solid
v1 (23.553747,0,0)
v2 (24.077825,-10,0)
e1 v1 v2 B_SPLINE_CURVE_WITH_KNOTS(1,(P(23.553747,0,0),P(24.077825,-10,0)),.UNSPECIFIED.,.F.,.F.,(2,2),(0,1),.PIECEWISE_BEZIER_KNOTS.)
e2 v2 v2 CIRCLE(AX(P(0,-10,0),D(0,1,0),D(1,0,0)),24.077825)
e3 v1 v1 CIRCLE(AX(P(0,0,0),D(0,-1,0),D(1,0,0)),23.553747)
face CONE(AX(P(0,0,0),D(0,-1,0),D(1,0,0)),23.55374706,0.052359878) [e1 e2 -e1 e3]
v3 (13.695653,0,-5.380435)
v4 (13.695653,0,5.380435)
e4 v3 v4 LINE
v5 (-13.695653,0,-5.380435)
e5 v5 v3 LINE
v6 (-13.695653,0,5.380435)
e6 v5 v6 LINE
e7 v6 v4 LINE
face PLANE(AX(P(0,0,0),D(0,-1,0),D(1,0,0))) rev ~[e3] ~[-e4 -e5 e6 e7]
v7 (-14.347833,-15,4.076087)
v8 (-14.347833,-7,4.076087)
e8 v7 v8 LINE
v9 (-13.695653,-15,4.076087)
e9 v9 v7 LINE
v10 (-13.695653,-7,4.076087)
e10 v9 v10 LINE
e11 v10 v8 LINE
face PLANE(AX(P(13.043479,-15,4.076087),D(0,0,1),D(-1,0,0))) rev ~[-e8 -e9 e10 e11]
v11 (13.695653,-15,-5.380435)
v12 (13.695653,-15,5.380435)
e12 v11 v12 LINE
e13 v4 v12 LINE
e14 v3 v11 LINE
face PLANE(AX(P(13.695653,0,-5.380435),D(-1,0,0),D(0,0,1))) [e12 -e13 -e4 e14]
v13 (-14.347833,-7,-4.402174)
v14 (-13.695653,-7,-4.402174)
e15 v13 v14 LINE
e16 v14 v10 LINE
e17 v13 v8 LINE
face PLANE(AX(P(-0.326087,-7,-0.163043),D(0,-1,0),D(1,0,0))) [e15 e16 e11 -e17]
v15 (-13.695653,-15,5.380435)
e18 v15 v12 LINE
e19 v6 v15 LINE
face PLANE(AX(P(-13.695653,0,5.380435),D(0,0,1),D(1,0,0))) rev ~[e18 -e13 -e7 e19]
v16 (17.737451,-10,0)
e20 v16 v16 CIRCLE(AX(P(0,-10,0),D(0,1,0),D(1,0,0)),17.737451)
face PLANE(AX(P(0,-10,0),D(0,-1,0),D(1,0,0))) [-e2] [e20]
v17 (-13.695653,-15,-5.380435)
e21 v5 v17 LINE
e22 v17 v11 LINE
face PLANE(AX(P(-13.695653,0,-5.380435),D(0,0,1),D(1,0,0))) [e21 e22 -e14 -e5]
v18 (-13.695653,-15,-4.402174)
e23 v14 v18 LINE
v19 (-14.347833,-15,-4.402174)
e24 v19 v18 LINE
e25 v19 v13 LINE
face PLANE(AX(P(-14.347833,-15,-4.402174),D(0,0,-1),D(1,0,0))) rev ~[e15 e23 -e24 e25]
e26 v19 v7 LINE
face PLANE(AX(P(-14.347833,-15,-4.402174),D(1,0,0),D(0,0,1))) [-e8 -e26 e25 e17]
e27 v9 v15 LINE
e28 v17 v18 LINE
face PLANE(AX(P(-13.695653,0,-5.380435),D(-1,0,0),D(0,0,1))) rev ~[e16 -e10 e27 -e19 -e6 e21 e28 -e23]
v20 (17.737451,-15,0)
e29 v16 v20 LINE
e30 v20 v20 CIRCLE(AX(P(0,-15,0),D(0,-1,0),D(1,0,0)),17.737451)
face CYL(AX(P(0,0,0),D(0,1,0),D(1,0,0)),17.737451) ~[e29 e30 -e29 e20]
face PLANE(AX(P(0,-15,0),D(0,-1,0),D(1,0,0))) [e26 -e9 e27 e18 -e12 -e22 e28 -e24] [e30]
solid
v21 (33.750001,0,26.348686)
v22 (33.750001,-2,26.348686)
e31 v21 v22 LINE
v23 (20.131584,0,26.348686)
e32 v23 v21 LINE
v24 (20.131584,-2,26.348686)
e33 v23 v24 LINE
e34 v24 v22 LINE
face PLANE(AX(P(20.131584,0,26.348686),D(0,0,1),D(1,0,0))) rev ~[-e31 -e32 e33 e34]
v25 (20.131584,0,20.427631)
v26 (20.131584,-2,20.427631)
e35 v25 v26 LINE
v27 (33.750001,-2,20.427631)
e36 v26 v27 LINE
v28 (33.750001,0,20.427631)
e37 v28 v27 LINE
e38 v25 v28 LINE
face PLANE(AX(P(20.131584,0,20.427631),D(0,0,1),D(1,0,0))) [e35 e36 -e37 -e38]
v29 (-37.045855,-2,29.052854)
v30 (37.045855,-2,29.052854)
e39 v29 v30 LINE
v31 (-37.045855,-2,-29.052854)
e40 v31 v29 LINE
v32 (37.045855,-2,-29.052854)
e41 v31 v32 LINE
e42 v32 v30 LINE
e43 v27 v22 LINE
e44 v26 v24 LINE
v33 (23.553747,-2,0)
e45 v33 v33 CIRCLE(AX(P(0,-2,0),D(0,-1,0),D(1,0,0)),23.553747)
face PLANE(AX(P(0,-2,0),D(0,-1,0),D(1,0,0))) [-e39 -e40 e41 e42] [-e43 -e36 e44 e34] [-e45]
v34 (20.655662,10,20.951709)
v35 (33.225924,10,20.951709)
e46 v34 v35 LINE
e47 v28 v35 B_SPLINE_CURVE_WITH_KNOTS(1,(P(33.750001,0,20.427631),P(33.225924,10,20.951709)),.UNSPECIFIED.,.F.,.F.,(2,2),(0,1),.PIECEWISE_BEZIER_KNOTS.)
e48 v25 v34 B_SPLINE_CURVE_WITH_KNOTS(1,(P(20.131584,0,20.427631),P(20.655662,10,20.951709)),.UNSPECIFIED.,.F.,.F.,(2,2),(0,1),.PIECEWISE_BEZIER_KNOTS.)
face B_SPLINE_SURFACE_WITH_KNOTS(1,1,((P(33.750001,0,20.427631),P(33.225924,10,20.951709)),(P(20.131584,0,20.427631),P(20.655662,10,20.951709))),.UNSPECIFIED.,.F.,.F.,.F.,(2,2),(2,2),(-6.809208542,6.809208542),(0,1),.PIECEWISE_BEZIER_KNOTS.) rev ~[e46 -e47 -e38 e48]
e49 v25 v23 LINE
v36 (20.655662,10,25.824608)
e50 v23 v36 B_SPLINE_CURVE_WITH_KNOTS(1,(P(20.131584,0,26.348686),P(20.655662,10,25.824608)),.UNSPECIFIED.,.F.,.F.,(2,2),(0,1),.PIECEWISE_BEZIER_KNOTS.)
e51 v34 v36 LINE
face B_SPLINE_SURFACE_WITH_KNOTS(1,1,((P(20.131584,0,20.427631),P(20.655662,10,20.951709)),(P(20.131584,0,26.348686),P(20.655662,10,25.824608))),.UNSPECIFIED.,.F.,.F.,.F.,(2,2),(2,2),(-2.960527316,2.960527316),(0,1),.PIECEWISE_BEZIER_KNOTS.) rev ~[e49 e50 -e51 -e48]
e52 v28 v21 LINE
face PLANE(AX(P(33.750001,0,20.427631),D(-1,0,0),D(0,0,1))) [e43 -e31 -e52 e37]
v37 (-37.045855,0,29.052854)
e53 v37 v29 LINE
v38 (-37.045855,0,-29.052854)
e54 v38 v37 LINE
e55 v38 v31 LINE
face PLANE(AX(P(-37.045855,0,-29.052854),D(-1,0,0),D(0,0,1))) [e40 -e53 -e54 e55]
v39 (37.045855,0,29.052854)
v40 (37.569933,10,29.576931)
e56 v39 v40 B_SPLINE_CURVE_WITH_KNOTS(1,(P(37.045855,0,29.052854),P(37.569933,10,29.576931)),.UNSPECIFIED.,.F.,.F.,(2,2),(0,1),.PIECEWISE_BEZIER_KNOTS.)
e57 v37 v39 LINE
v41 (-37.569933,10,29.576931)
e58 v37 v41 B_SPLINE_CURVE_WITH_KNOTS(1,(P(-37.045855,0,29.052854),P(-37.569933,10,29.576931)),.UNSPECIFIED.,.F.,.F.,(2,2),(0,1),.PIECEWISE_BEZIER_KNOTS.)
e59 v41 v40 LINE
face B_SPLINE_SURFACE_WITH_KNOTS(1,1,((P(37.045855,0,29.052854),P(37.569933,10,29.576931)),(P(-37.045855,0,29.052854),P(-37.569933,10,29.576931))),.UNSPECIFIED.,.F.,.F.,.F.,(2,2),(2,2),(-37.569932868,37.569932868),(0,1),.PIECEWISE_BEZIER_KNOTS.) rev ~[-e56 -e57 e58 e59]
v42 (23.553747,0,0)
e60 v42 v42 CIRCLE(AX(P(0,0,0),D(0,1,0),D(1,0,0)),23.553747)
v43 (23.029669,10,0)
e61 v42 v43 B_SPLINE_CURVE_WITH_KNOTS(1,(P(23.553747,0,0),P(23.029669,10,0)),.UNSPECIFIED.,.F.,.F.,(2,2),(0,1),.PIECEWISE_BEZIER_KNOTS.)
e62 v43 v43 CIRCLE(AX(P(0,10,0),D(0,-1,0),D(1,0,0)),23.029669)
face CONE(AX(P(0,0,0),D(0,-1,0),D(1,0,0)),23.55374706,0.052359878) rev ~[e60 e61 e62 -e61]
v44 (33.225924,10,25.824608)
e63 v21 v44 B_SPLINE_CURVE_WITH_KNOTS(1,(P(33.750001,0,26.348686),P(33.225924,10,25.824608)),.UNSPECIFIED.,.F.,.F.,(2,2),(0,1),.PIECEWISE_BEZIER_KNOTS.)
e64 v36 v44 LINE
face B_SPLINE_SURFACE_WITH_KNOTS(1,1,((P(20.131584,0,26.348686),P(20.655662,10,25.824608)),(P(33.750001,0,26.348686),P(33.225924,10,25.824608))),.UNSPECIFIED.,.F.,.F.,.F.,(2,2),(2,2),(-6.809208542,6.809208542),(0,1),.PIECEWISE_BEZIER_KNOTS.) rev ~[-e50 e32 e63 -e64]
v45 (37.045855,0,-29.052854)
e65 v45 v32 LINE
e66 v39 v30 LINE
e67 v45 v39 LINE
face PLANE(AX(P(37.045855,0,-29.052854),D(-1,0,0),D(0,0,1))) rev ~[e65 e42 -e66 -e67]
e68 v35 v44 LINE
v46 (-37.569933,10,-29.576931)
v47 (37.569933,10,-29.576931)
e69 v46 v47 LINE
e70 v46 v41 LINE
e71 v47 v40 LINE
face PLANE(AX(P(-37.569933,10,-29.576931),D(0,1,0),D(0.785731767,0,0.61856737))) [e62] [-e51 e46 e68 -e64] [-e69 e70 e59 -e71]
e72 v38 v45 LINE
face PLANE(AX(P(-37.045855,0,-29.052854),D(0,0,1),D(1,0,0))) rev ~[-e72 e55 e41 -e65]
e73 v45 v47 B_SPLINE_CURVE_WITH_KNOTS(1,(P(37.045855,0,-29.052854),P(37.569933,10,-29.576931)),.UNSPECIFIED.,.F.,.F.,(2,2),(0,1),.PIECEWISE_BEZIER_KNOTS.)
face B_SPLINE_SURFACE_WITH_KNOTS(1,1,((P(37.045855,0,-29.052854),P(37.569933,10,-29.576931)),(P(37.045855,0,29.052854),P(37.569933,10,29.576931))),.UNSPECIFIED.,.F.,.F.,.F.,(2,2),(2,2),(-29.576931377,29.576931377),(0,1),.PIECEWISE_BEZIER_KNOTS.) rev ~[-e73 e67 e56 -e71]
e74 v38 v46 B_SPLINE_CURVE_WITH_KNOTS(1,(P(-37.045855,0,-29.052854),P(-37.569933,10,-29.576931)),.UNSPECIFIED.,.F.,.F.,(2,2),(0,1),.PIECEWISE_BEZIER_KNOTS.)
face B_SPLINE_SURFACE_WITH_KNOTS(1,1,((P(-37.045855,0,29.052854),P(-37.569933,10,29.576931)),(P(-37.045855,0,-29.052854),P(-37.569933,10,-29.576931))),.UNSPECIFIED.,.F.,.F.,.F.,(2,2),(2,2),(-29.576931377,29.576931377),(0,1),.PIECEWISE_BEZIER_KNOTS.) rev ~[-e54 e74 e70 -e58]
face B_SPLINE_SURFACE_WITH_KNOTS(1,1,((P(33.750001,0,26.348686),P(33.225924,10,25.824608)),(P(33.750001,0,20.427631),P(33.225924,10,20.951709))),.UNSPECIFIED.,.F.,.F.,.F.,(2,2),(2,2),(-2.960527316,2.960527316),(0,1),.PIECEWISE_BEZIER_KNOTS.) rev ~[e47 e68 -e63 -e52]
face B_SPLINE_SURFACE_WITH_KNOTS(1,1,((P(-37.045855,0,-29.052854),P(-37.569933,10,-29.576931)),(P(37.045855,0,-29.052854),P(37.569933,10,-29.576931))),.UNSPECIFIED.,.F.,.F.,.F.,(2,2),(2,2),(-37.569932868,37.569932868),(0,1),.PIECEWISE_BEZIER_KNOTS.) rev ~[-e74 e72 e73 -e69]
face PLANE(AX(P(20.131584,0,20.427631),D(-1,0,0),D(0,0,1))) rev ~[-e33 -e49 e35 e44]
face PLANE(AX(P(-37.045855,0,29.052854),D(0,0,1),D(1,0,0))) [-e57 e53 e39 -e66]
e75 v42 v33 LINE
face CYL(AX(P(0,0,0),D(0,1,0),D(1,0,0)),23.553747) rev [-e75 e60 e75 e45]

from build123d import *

# Parameters (mm, degrees)
F0_W          = 74.0917101502
F0_H          = 58.1057071686
F0_R          = 23.5537470602
F0_W_2        = 13.6184170842
F0_H_2        = 5.9210546315
F1_DEPTH      = 10
F1_TAPER      = -3
F1_DEPTH_BACK = 2
F0_R_2        = 17.7374506233
F2_DEPTH      = 10
F2_TAPER      = -3
F0_W_3        = 27.3913051933
F0_H_3        = 10.7608698308
F3_DEPTH      = 15
F4_W          = 26.7391316593
F4_H          = 8.4782613267
F4_W_2        = 0.6521801697
F5_DEPTH      = 8


with BuildPart() as f1:
    # F0 (on Front) → F1 (new body, two sides)
    with BuildSketch(Plane.XZ) as f1_sk:
        Rectangle(F0_W, F0_H)
        Circle(F0_R, mode=Mode.SUBTRACT)
        with Locations((26.940792799, 23.38815853)):
            Rectangle(F0_W_2, F0_H_2, mode=Mode.SUBTRACT)
    extrude(amount=-F1_DEPTH, taper=F1_TAPER)
    extrude(f1_sk.sketch, amount=F1_DEPTH_BACK)


with BuildPart() as f2:
    # F0 (on Front) → F2 (new body)
    with BuildSketch(Plane.XZ):
        Circle(F0_R)
        Circle(F0_R_2, mode=Mode.SUBTRACT)
    extrude(amount=F2_DEPTH, taper=F2_TAPER)

    # F0 (on Front) → F3 (join)
    with BuildSketch(Plane.XZ):
        Circle(F0_R_2)
        Rectangle(F0_W_3, F0_H_3, mode=Mode.SUBTRACT)
    extrude(amount=F3_DEPTH)

    # F4 (on face) → F5 (cut)
    with BuildSketch(Plane.XZ.offset(15)):
        with Locations((-0.326086767, -0.1630434854)):
            Rectangle(F4_W, F4_H)
        with Locations((-14.0217426815, -0.1630434854)):
            Rectangle(F4_W_2, F4_H)
    extrude(amount=-F5_DEPTH, mode=Mode.SUBTRACT)


solid = Compound([f1.part, f2.part])
